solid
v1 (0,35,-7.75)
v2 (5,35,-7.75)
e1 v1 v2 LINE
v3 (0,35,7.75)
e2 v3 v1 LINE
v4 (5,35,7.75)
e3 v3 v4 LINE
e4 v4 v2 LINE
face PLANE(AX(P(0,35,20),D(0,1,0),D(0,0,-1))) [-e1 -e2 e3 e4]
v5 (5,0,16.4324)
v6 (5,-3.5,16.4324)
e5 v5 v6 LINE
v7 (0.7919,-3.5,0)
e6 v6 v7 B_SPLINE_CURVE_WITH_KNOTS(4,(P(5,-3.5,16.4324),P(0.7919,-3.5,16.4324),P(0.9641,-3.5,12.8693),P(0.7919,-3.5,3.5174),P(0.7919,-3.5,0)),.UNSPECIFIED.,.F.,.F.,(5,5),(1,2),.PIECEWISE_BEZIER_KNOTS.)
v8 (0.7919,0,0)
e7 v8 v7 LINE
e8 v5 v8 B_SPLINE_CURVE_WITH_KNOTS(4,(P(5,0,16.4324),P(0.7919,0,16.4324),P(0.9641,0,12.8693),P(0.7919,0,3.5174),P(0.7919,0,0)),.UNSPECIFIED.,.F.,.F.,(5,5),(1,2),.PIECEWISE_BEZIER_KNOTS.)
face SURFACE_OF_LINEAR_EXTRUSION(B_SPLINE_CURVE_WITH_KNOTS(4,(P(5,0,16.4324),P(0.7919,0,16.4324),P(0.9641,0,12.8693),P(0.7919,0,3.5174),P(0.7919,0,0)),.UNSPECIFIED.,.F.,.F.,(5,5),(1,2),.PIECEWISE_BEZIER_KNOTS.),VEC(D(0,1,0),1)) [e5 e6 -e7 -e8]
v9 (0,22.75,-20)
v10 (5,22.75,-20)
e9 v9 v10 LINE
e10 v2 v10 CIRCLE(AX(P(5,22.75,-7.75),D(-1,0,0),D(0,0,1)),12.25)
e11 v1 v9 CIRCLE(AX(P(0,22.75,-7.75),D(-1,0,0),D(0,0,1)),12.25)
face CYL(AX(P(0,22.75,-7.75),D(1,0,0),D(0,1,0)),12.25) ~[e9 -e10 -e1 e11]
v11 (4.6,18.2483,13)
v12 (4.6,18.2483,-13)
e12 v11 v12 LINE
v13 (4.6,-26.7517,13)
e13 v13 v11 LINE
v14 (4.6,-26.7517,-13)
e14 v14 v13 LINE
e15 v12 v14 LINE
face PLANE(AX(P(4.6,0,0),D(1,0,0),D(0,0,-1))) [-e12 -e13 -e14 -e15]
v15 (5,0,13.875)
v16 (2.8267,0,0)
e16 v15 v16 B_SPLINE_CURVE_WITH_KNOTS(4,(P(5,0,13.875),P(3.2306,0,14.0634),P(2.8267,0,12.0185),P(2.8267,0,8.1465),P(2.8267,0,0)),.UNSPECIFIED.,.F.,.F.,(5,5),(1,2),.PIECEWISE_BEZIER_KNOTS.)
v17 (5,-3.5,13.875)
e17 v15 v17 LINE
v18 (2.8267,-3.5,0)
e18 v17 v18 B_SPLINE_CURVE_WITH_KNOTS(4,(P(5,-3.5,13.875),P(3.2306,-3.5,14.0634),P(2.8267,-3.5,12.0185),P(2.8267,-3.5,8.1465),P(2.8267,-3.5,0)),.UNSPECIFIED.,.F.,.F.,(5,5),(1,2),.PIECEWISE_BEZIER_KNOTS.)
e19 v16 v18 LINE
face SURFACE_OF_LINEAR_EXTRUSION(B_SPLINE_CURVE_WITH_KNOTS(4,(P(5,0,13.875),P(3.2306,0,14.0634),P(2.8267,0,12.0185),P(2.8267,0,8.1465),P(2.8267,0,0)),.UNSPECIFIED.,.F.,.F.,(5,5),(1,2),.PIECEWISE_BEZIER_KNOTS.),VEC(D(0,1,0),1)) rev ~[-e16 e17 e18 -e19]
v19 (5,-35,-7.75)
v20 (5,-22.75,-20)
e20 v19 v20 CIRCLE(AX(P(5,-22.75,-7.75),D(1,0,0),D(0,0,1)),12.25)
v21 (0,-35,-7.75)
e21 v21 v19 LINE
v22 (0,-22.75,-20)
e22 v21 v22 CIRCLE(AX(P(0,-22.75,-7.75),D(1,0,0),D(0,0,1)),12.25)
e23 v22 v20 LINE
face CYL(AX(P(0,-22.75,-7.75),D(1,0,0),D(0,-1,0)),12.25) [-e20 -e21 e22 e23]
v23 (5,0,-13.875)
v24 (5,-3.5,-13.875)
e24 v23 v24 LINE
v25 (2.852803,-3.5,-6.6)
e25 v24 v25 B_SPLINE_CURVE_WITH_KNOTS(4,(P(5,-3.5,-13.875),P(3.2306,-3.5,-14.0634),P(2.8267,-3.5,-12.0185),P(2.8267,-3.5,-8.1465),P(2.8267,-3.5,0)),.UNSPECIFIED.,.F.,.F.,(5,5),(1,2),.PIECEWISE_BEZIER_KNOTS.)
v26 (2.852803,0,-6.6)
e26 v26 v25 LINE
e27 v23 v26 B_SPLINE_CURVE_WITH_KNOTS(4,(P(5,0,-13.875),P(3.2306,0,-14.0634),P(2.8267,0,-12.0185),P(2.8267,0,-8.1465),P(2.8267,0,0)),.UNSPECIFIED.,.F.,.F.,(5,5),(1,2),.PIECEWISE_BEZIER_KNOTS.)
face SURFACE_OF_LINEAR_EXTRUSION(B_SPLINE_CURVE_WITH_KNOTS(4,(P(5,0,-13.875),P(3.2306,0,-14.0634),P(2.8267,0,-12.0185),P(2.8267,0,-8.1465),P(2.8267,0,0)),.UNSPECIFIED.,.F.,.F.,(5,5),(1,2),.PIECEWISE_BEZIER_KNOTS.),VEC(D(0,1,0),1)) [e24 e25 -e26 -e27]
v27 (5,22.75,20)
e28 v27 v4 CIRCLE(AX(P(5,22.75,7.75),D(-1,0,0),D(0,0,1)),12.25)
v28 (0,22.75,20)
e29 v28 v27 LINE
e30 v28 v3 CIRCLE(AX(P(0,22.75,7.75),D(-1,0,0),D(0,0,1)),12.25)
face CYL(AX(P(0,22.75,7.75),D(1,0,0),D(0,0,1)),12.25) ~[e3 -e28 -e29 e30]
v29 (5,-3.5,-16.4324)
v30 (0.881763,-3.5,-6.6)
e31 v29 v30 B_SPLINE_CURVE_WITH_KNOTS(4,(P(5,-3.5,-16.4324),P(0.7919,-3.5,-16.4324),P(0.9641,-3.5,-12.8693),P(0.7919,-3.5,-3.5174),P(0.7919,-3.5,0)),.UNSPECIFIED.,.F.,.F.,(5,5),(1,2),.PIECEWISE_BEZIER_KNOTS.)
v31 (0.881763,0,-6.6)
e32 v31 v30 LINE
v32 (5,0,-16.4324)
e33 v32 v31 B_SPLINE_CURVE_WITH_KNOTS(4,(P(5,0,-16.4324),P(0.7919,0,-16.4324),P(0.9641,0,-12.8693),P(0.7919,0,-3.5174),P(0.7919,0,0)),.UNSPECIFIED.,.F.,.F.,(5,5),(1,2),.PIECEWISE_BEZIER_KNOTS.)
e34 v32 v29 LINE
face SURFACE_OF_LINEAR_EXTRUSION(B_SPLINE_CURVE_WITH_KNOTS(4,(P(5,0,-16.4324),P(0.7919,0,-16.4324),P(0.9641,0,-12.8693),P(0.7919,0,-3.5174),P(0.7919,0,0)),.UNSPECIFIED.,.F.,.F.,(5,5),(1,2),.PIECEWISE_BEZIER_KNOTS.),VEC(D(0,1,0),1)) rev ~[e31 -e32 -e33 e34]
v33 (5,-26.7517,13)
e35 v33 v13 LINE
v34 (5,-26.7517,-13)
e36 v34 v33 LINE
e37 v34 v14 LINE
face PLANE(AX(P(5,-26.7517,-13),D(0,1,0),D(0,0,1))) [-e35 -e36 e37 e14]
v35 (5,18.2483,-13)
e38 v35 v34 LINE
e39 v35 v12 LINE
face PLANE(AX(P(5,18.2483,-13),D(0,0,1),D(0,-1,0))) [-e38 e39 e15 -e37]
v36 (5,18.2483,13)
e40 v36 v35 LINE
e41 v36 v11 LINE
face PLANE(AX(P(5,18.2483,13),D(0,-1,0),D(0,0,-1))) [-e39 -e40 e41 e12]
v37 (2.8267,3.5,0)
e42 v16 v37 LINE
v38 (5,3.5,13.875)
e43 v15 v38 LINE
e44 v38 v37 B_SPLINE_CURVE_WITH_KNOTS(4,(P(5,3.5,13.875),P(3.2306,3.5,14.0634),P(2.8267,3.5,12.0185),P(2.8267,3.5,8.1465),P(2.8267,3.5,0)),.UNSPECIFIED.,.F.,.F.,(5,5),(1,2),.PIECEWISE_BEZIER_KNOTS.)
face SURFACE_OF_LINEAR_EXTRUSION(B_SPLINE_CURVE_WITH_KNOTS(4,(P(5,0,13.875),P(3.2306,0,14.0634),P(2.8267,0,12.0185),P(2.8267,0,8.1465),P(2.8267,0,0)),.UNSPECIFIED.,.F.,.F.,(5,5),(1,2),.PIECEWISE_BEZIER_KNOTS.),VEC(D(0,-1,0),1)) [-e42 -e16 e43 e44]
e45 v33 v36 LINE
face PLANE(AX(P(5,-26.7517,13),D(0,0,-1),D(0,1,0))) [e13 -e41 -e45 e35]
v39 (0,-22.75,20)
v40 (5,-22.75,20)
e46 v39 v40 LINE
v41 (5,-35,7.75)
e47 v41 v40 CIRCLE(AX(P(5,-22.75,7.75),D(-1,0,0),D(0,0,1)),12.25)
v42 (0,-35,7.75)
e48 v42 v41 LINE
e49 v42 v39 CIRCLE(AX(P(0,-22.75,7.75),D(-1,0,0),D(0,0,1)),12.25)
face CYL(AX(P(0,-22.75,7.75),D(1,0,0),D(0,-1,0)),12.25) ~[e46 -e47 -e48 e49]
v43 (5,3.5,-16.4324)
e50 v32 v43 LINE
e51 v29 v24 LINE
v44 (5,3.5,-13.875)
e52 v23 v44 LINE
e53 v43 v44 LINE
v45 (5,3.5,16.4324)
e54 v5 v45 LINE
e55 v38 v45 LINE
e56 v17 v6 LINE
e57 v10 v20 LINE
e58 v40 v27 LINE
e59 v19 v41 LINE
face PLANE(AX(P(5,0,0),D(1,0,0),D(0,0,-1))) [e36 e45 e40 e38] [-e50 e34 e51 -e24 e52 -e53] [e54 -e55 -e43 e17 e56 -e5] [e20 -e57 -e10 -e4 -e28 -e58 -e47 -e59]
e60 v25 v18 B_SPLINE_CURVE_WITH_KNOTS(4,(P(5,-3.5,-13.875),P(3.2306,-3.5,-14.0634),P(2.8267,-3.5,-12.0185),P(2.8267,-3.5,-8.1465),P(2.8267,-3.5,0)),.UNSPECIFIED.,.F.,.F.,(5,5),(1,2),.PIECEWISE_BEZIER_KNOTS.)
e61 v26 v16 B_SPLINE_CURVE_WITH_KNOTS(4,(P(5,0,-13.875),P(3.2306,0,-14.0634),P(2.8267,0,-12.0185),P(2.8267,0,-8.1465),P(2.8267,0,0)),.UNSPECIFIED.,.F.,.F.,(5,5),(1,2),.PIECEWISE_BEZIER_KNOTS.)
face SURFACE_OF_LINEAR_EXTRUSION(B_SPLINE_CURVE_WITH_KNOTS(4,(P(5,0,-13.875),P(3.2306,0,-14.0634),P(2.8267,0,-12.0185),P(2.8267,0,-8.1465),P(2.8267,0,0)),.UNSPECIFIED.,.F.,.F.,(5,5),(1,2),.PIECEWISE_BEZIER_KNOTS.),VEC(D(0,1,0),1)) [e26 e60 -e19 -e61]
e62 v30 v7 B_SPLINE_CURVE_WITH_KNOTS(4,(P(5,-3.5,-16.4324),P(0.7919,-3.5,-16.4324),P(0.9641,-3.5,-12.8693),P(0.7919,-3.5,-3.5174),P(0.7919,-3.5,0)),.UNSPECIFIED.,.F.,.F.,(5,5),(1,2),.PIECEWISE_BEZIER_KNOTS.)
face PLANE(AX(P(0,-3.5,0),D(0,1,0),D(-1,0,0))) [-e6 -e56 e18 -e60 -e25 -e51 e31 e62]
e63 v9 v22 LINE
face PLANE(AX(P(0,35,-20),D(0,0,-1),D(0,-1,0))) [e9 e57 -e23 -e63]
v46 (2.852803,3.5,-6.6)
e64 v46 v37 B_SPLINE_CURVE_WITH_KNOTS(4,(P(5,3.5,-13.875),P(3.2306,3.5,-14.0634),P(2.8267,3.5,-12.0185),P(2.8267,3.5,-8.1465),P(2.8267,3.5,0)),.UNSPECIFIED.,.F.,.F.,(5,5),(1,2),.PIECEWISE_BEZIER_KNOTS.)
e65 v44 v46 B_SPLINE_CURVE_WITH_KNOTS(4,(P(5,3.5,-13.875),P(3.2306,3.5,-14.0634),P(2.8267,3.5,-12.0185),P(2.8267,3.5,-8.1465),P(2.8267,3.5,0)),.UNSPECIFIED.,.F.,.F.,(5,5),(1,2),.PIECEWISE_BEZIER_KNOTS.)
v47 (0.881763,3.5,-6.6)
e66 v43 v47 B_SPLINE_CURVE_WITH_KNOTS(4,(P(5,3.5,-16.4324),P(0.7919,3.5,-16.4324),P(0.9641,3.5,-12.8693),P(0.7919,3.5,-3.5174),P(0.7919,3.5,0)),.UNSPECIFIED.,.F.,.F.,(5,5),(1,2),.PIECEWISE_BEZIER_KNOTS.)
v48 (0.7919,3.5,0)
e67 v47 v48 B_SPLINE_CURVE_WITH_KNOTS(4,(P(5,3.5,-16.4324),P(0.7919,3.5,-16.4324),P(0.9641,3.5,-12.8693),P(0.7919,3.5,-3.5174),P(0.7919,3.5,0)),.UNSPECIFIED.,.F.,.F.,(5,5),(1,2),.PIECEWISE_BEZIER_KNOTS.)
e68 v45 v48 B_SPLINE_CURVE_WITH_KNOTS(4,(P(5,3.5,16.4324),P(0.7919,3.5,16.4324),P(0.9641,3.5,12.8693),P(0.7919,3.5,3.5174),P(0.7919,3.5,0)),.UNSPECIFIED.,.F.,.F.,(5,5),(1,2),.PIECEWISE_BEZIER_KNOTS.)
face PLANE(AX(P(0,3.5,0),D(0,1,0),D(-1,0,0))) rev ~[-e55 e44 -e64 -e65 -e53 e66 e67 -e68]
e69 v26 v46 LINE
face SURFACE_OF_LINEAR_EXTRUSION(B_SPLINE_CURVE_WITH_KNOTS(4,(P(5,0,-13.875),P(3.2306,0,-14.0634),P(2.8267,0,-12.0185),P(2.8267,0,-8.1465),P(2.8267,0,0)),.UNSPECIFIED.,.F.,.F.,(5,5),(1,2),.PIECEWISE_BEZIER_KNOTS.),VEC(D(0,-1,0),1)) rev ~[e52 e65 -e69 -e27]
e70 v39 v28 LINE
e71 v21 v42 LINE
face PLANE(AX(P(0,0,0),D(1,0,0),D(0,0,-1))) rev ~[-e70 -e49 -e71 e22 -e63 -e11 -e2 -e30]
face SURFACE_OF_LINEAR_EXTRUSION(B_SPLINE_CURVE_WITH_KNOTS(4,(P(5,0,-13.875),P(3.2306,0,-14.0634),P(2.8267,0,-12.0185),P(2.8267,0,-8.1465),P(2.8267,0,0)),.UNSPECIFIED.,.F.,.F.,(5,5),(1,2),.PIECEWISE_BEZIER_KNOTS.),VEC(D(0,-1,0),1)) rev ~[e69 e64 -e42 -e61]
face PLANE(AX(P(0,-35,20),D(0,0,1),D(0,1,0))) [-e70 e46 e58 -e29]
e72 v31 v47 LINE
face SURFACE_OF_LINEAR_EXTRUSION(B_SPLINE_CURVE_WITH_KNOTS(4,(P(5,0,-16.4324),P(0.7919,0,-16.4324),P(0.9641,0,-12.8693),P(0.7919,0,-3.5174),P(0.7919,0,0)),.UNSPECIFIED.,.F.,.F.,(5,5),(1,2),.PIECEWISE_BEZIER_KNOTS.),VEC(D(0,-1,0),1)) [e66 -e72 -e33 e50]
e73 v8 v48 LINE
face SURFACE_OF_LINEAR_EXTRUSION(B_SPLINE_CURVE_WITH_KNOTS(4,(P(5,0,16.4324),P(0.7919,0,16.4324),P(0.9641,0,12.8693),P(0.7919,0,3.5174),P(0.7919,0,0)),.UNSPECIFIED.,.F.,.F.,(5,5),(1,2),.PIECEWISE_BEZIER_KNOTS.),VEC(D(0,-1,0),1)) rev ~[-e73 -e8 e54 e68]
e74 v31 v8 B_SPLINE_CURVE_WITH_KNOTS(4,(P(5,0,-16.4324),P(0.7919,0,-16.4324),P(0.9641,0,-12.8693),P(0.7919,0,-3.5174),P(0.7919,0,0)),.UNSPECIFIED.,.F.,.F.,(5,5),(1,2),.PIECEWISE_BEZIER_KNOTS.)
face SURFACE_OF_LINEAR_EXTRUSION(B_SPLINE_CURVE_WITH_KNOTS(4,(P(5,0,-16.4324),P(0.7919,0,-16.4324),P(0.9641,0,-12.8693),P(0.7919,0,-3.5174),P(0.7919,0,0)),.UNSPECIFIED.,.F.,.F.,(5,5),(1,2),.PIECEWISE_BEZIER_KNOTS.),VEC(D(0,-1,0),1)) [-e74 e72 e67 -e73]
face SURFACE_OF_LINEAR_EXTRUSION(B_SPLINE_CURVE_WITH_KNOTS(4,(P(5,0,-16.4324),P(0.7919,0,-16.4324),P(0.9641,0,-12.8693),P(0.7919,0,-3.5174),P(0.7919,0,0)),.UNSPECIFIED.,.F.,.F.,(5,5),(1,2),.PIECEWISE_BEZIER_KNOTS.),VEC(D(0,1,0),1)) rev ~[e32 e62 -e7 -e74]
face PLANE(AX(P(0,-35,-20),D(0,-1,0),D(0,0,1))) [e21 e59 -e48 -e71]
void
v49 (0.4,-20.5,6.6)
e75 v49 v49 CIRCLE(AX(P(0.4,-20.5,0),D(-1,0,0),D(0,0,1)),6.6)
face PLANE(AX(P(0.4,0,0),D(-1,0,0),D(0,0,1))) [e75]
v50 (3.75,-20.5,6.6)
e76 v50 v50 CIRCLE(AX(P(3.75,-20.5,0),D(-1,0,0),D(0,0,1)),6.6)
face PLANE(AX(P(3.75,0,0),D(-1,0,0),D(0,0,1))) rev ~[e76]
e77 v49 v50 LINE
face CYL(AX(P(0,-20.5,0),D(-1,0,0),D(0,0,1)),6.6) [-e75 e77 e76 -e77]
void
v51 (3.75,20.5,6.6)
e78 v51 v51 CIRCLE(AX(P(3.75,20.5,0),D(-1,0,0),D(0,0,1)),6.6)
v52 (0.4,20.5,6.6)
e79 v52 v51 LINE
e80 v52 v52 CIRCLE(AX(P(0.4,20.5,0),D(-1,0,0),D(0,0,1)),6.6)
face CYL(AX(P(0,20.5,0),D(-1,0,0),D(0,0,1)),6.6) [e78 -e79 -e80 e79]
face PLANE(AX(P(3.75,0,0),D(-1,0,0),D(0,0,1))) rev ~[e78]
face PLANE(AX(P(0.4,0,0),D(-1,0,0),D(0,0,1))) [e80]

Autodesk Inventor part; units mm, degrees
ref_plane "YZ Plane" through (0, 0, 0) normal (1, 0, 0) x (0, 1, 0)
ref_plane "XZ Plane" through (0, 0, 0) normal (0, 1, 0) x (-1, 0, 0)
ref_plane "XY Plane" through (0, 0, 0) normal (0, 0, 1) x (1, 0, 0)
ref_plane "Work Plane2" through (0, 0, 0) normal (1, 0, 0) x (0, 0, -1)
sketch "Sketch1" plane through (0, 0, 0) normal (1, 0, 0) x (0, 0, -1)
  line L0 (20, -35) -> (-20, -35)
  line L1 (-20, -35) -> (-20, 35)
  line L2 (-20, 35) -> (20, 35)
  line L3 (20, 35) -> (20, -35)
  line L4 (20, -35) -> (-20, 35) construction
  line L5 (-20, -35) -> (20, 35) construction
  point P0 (0, 0)
  dimension "d0" = 40
  dimension "d1" = 70
extrude "Extrusion1" add sketch "Sketch1" along normal blind 5
fillet "Fillet1" radius 12.25 4 edges at (2.5, -35, 20) (2.5, -35, -20) (2.5, 35, -20) (2.5, 35, 20)
sketch "Sketch2" plane through (0, 0, 0) normal (-1, 0, 0) x (0, 0, 1)
  circle A0 centre (0, -20.5) radius 6.6
  line L0 (30.2912, 0) -> (32.4021, 0)
  circle A1 centre (0, 20.5) radius 6.6
  point P0 (0, 0)
  dimension "d5" = 13.2
  dimension "d17" = 41
extrude "Extrusion2" cut sketch "Sketch2" against normal blind 3.75
sketch "Sketch3" plane through (0, 0, 0) normal (-1, 0, 0) x (0, 0, 1)
  circle A0 centre (0, 20.5) radius 6.6 projected
  circle A1 centre (0, -20.5) radius 6.6 projected
  point P0 (0, 0)
extrude "Extrusion3" add sketch "Sketch3" against normal blind 0.4
sketch "Sketch4" plane through (5, 0, 0) normal (1, 0, 0) x (0, 0, -1)
  line L0 (13, -26.7517) -> (-13, -26.7517)
  line L1 (-13, -26.7517) -> (-13, 18.2483)
  line L2 (-13, 18.2483) -> (13, 18.2483)
  line L3 (13, 18.2483) -> (13, -26.7517)
  line L4 (13, -26.7517) -> (-13, 18.2483) construction
  line L5 (-13, -26.7517) -> (13, 18.2483) construction
  point P0 (0, -4.2517)
  point P1 (0, 0)
  dimension "d10" = 26
  dimension "d11" = 45
  dimension "d12" = 0
extrude "Extrusion4" cut sketch "Sketch4" against normal blind 0.4
sketch "Sketch6" plane through (0, 0, 0) normal (0, 1, 0) x (-1, 0, 0)
  line L0 (5.3087, 0) -> (6.8591, 0)
  line L1 (-5, -20) -> (-5, -7.75) projected
  line L2 (-5, -13.875) -> (-3.2306, -14.0634) construction
  line L3 (-3.2306, -14.0634) -> (-2.8267, -12.0185) construction
  line L4 (-2.8267, -12.0185) -> (-2.8267, -8.1465) construction
  line L5 (-2.8267, -8.1465) -> (-2.8267, 0) construction
  spline S0 degree 4 poles (-5, -13.875) (-3.2306, -14.0634) (-2.8267, -12.0185) (-2.8267, -8.1465) (-2.8267, 0) knots 1 1 1 1 1 2 2 2 2 2
  line L6 (-5, -16.4324) -> (-0.7919, -16.4324) construction
  line L7 (-0.7919, -16.4324) -> (-0.9641, -12.8693) construction
  line L8 (-0.9641, -12.8693) -> (-0.7919, -3.5174) construction
  line L9 (-0.7919, -3.5174) -> (-0.7919, 0) construction
  line L10 (-0.4, -6.6) -> (-3.75, -6.6) projected
  spline S1 degree 4 poles (-5, -16.4324) (-0.7919, -16.4324) (-0.9641, -12.8693) (-0.7919, -3.5174) (-0.7919, 0) knots 1 1 1 1 1 2 2 2 2 2
  line L11 (-5, -16.4324) -> (-5, -13.875)
  line L12 (-2.8267, 0) -> (-0.7919, 0)
  line L13 (-5, 13.875) -> (-3.2306, 14.0634) construction
  line L14 (-3.2306, 14.0634) -> (-2.8267, 12.0185) construction
  line L15 (-2.8267, 12.0185) -> (-2.8267, 8.1465) construction
  line L16 (-2.8267, 8.1465) -> (-2.8267, 0) construction
  spline S2 degree 4 poles (-5, 13.875) (-3.2306, 14.0634) (-2.8267, 12.0185) (-2.8267, 8.1465) (-2.8267, 0) knots 1 1 1 1 1 2 2 2 2 2
  line L17 (-5, 16.4324) -> (-0.7919, 16.4324) construction
  line L18 (-0.7919, 16.4324) -> (-0.9641, 12.8693) construction
  line L19 (-0.9641, 12.8693) -> (-0.7919, 3.5174) construction
  line L20 (-0.7919, 3.5174) -> (-0.7919, 0) construction
  spline S3 degree 4 poles (-5, 16.4324) (-0.7919, 16.4324) (-0.9641, 12.8693) (-0.7919, 3.5174) (-0.7919, 0) knots 1 1 1 1 1 2 2 2 2 2
  line L21 (-5, -13.875) -> (-5, -16.4324)
  line L22 (-5, 13.875) -> (-5, 16.4324)
  point P0 (0, 0)
extrude "Extrusion5" cut sketch "Sketch6" along normal mid plane 7
properties part number "Sentroller_Mount"
